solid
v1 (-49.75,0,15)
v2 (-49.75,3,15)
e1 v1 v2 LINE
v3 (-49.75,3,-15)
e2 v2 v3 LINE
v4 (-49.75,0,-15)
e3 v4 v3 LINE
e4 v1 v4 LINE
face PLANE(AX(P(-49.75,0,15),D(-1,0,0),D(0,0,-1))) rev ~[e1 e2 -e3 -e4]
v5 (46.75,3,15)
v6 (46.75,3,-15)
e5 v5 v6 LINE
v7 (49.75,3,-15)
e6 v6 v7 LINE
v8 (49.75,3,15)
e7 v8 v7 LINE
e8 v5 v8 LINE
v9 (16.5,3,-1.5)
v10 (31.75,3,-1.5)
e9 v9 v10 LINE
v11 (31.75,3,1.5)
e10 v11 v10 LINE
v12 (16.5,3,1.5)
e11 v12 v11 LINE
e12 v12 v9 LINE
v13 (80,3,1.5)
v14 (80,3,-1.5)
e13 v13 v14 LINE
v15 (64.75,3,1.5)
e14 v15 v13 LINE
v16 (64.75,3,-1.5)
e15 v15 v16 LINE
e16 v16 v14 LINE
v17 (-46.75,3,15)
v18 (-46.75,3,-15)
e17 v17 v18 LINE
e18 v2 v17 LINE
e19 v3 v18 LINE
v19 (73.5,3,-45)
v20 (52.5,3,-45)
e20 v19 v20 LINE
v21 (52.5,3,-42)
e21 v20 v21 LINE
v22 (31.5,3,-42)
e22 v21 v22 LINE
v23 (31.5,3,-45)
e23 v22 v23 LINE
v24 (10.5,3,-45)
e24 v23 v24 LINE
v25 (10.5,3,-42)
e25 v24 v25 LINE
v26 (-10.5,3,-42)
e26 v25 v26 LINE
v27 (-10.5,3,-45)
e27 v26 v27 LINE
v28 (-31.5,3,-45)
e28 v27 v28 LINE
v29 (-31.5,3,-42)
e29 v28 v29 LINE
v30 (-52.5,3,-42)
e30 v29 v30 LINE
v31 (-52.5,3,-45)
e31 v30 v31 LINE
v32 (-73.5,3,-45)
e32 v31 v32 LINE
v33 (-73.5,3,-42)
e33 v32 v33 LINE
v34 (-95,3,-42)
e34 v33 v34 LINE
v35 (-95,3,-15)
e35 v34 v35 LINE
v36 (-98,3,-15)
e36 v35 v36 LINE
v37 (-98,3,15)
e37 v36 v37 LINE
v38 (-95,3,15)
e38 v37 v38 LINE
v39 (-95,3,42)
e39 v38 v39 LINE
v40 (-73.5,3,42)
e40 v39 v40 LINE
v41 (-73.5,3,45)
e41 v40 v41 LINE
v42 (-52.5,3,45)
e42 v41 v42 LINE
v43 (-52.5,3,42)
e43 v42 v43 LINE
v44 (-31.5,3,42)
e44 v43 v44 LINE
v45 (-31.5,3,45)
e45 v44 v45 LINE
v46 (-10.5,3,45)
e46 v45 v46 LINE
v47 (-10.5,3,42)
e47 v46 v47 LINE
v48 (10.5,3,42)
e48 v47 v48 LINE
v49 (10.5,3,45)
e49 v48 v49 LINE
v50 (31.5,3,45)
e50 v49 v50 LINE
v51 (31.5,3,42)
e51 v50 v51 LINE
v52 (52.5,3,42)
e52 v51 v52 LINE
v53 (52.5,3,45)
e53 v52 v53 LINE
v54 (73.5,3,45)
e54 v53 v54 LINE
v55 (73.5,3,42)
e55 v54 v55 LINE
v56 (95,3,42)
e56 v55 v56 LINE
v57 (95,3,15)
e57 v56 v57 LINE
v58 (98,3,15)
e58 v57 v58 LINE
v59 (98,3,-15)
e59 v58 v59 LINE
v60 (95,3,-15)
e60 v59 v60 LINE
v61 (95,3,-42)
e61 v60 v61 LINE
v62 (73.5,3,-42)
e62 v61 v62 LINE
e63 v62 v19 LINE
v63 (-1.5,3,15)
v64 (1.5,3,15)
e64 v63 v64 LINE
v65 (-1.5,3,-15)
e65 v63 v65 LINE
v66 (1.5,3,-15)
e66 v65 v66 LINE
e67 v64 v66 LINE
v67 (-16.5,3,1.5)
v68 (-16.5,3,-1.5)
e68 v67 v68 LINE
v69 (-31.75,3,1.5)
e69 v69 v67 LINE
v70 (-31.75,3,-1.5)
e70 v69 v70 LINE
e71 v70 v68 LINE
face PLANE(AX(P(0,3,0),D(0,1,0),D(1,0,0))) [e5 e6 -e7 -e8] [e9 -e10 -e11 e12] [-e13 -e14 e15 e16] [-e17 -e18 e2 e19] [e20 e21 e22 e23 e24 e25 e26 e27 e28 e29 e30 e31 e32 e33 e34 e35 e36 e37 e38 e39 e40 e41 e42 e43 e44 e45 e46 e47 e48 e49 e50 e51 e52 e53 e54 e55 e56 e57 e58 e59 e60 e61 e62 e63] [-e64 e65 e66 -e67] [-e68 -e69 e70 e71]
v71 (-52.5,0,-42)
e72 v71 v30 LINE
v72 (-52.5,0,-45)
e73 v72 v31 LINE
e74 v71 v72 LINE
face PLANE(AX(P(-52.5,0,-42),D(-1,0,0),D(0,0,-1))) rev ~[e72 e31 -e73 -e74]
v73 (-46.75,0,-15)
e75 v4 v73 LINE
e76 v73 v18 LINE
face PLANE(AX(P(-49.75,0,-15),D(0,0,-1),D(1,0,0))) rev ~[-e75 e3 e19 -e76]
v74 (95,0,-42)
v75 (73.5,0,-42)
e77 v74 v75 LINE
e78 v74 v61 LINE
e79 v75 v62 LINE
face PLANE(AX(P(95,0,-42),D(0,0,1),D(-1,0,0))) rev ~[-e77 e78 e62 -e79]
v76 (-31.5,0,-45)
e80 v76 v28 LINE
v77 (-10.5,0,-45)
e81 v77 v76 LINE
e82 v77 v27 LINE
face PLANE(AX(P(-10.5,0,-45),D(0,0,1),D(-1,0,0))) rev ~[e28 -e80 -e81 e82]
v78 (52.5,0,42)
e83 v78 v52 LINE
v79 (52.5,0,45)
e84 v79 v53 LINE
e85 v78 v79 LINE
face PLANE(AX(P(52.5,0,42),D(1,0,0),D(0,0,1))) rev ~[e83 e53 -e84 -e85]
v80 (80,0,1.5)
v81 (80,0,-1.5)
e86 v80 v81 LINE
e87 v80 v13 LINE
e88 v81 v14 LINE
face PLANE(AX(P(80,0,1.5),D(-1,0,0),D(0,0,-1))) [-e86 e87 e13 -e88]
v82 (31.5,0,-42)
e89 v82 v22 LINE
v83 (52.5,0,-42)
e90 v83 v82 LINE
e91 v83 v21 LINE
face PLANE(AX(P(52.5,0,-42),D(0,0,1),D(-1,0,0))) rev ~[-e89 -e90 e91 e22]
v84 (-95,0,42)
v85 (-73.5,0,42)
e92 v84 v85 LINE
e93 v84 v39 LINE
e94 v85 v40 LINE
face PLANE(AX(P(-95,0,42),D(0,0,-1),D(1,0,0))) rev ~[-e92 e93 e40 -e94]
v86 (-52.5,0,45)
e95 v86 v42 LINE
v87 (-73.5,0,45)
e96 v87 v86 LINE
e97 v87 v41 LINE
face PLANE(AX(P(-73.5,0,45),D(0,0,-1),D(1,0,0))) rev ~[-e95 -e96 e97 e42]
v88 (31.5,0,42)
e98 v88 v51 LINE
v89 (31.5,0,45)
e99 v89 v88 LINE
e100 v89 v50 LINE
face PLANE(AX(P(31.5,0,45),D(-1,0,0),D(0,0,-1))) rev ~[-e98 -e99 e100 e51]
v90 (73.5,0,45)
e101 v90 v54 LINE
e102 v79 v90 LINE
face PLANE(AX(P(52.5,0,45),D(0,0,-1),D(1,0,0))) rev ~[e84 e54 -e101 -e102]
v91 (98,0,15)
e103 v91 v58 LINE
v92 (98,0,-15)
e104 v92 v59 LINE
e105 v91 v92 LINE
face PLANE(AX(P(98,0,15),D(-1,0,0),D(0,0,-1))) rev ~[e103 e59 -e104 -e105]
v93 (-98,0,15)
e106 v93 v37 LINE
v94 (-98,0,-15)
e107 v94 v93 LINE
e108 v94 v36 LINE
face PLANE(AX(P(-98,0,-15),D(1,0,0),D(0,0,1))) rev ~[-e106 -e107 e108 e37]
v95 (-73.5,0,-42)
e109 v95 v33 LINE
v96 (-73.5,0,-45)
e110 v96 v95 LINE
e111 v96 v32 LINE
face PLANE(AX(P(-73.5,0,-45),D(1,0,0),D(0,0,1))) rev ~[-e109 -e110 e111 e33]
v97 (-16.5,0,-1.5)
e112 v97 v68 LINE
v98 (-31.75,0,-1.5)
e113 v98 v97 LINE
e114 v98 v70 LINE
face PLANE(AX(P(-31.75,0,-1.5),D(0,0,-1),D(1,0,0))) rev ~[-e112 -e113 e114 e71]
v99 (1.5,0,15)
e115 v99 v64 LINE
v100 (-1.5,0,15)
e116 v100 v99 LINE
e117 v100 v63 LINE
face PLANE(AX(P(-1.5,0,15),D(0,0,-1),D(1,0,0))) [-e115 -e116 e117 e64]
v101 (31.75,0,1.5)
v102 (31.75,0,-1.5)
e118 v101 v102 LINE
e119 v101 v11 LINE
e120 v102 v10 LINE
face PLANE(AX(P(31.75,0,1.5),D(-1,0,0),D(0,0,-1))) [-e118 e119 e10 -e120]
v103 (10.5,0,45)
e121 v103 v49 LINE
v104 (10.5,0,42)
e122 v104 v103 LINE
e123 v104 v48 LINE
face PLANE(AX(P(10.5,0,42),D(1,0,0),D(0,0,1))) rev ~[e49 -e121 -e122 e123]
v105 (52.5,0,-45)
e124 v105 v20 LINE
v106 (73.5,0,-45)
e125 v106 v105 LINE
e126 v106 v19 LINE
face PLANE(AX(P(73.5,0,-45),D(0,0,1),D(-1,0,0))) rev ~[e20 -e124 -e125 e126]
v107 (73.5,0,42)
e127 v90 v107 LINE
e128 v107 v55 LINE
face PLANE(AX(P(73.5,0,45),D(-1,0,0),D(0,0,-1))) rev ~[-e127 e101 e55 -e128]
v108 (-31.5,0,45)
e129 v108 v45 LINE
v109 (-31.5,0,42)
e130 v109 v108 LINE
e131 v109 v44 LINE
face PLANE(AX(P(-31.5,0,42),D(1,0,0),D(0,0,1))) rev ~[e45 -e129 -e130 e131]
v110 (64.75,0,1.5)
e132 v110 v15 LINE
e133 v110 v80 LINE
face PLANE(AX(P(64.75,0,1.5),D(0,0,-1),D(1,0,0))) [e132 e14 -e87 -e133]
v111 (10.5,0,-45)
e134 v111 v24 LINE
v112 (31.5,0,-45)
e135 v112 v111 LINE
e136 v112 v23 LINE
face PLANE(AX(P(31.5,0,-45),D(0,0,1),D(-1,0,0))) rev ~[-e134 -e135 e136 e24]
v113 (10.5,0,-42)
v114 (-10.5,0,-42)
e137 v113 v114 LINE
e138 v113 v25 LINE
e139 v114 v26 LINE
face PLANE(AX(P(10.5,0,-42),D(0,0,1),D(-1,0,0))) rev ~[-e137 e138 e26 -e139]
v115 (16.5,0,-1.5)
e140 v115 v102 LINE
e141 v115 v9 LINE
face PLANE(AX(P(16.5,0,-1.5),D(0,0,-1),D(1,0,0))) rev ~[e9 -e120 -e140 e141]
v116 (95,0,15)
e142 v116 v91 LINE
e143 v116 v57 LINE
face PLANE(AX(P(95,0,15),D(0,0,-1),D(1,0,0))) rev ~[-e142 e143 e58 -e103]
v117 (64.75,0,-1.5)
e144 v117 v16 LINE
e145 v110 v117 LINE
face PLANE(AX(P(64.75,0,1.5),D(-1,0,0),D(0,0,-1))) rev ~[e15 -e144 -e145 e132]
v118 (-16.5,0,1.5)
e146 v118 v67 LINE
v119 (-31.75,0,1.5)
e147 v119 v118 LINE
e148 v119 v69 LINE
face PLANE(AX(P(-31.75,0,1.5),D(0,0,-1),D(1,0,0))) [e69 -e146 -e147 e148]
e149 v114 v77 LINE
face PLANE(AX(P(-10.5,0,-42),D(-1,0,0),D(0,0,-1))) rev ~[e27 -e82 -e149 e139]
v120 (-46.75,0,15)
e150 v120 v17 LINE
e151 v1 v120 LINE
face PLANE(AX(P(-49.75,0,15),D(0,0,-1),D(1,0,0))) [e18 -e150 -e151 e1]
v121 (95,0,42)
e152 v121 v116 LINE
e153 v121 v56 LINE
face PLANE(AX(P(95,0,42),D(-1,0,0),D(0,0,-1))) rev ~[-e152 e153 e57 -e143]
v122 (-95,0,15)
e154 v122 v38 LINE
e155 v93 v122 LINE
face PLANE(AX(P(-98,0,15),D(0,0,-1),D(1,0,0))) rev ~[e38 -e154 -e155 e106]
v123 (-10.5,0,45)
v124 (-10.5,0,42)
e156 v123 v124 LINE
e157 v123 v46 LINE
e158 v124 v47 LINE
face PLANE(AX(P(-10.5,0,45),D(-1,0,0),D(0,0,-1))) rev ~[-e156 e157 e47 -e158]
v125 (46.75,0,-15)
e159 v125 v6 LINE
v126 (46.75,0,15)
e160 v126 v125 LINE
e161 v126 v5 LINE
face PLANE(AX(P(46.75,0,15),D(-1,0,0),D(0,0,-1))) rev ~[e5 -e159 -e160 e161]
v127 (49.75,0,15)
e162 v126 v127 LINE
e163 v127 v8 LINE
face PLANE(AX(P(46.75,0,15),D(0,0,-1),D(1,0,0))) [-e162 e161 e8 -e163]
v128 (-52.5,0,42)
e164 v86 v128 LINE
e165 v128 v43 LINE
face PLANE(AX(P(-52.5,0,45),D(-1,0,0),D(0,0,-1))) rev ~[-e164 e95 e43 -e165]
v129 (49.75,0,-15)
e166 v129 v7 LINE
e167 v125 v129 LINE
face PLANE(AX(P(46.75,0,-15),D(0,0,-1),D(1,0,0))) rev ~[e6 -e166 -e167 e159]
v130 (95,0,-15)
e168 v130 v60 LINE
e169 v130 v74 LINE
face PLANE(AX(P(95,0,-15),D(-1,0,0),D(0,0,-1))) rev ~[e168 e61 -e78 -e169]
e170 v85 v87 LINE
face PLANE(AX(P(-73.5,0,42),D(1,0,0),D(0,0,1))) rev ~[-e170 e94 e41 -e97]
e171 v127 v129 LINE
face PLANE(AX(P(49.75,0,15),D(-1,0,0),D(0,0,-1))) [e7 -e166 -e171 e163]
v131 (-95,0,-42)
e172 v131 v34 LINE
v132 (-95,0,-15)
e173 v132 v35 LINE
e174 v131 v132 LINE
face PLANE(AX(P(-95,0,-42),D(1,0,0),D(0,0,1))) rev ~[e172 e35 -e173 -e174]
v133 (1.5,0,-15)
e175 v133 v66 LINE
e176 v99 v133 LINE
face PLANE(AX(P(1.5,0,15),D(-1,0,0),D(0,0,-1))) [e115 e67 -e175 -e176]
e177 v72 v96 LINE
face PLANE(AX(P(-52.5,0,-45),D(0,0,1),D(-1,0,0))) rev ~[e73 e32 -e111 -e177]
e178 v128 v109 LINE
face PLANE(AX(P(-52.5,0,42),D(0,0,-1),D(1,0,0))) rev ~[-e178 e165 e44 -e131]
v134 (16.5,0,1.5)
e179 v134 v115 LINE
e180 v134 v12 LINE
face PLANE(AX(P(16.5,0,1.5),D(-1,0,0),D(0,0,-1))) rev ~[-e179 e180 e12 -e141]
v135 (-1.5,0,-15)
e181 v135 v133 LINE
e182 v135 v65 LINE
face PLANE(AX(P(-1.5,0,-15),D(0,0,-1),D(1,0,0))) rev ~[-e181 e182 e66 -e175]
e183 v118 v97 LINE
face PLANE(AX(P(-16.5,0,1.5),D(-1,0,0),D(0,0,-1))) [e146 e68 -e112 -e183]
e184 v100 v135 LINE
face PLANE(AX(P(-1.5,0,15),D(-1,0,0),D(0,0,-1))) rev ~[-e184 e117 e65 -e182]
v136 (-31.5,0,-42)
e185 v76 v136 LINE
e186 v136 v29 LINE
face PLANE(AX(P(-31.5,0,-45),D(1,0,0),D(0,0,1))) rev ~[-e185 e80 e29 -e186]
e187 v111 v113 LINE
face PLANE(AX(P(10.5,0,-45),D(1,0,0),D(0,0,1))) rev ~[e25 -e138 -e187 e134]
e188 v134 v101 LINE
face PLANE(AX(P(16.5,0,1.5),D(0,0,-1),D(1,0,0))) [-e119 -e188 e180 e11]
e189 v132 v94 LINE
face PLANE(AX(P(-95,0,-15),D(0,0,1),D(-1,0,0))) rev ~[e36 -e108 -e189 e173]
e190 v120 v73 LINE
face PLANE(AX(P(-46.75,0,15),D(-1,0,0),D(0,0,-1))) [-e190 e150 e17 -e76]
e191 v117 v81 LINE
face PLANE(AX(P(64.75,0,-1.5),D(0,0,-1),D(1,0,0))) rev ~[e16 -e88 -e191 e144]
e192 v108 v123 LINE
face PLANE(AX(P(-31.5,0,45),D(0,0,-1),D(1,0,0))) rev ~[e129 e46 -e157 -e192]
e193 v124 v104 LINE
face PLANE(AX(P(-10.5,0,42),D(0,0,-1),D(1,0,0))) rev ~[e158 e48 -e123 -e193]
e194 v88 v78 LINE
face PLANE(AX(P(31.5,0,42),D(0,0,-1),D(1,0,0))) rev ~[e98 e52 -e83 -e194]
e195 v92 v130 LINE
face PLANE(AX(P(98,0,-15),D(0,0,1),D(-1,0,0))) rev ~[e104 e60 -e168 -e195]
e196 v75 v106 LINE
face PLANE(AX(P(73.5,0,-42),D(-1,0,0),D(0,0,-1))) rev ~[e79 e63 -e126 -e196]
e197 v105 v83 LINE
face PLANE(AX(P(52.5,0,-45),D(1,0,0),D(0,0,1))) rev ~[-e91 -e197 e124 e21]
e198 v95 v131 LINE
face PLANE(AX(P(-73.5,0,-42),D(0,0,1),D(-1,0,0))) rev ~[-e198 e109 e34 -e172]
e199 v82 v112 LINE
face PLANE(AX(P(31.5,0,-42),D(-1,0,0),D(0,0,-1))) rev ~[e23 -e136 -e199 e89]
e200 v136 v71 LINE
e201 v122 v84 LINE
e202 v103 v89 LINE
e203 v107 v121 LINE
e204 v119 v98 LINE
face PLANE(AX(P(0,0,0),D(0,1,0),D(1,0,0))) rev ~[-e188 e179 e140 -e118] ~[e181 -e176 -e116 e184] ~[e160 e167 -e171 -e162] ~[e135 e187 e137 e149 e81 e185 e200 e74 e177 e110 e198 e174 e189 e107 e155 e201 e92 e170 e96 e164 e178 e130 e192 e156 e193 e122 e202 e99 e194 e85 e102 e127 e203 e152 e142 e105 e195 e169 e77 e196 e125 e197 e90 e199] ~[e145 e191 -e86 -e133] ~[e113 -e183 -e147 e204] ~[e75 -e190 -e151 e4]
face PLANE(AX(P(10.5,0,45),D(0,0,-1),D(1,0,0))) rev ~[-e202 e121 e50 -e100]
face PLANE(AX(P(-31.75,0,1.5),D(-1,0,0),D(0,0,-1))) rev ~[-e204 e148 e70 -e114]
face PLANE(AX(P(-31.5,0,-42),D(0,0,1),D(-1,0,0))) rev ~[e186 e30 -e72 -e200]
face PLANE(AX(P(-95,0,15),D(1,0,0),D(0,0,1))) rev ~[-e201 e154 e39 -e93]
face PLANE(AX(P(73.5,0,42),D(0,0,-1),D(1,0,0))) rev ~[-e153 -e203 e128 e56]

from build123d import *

# Parameters (mm, degrees)
SKETCH1_W           = 3
SKETCH1_H           = 30
SKETCH1_W_2         = 15.25
SKETCH1_H_2         = 3
BOSS_EXTRUDE1_DEPTH = 3


with BuildPart() as part:
    # Sketch1 → Boss-Extrude1 (new body)
    with BuildSketch(Plane(origin=(0, 0, 0), x_dir=(1, 0, 0), z_dir=(0, 1, 0))):
        Polygon((-95, 15), (-98, 15), (-98, -15), (-95, -15), (-95, -42), (-73.5, -42), (-73.5, -45), (-52.5, -45), (-52.5, -42), (-31.5, -42), (-31.5, -45), (-10.5, -45), (-10.5, -42), (10.5, -42), (10.5, -45), (31.5, -45), (31.5, -42), (52.5, -42), (52.5, -45), (73.5, -45), (73.5, -42), (95, -42), (95, -15), (98, -15), (98, 15), (95, 15), (95, 42), (73.5, 42), (73.5, 45), (52.5, 45), (52.5, 42), (31.5, 42), (31.5, 45), (10.5, 45), (10.5, 42), (-10.5, 42), (-10.5, 45), (-31.5, 45), (-31.5, 42), (-52.5, 42), (-52.5, 45), (-73.5, 45), (-73.5, 42), (-95, 42), align=None)
        Rectangle(SKETCH1_W, SKETCH1_H, mode=Mode.SUBTRACT)
        with Locations((48.25, 0)):
            Rectangle(SKETCH1_W, SKETCH1_H, mode=Mode.SUBTRACT)
        with Locations((72.375, 0)):
            Rectangle(SKETCH1_W_2, SKETCH1_H_2, mode=Mode.SUBTRACT)
        with Locations((-48.25, 0)):
            Rectangle(SKETCH1_W, SKETCH1_H, mode=Mode.SUBTRACT)
        with Locations((-24.125, 0)):
            Rectangle(SKETCH1_W_2, SKETCH1_H_2, mode=Mode.SUBTRACT)
        with Locations((24.125, 0)):
            Rectangle(SKETCH1_W_2, SKETCH1_H_2, mode=Mode.SUBTRACT)
    extrude(amount=BOSS_EXTRUDE1_DEPTH)


solid = part.part
